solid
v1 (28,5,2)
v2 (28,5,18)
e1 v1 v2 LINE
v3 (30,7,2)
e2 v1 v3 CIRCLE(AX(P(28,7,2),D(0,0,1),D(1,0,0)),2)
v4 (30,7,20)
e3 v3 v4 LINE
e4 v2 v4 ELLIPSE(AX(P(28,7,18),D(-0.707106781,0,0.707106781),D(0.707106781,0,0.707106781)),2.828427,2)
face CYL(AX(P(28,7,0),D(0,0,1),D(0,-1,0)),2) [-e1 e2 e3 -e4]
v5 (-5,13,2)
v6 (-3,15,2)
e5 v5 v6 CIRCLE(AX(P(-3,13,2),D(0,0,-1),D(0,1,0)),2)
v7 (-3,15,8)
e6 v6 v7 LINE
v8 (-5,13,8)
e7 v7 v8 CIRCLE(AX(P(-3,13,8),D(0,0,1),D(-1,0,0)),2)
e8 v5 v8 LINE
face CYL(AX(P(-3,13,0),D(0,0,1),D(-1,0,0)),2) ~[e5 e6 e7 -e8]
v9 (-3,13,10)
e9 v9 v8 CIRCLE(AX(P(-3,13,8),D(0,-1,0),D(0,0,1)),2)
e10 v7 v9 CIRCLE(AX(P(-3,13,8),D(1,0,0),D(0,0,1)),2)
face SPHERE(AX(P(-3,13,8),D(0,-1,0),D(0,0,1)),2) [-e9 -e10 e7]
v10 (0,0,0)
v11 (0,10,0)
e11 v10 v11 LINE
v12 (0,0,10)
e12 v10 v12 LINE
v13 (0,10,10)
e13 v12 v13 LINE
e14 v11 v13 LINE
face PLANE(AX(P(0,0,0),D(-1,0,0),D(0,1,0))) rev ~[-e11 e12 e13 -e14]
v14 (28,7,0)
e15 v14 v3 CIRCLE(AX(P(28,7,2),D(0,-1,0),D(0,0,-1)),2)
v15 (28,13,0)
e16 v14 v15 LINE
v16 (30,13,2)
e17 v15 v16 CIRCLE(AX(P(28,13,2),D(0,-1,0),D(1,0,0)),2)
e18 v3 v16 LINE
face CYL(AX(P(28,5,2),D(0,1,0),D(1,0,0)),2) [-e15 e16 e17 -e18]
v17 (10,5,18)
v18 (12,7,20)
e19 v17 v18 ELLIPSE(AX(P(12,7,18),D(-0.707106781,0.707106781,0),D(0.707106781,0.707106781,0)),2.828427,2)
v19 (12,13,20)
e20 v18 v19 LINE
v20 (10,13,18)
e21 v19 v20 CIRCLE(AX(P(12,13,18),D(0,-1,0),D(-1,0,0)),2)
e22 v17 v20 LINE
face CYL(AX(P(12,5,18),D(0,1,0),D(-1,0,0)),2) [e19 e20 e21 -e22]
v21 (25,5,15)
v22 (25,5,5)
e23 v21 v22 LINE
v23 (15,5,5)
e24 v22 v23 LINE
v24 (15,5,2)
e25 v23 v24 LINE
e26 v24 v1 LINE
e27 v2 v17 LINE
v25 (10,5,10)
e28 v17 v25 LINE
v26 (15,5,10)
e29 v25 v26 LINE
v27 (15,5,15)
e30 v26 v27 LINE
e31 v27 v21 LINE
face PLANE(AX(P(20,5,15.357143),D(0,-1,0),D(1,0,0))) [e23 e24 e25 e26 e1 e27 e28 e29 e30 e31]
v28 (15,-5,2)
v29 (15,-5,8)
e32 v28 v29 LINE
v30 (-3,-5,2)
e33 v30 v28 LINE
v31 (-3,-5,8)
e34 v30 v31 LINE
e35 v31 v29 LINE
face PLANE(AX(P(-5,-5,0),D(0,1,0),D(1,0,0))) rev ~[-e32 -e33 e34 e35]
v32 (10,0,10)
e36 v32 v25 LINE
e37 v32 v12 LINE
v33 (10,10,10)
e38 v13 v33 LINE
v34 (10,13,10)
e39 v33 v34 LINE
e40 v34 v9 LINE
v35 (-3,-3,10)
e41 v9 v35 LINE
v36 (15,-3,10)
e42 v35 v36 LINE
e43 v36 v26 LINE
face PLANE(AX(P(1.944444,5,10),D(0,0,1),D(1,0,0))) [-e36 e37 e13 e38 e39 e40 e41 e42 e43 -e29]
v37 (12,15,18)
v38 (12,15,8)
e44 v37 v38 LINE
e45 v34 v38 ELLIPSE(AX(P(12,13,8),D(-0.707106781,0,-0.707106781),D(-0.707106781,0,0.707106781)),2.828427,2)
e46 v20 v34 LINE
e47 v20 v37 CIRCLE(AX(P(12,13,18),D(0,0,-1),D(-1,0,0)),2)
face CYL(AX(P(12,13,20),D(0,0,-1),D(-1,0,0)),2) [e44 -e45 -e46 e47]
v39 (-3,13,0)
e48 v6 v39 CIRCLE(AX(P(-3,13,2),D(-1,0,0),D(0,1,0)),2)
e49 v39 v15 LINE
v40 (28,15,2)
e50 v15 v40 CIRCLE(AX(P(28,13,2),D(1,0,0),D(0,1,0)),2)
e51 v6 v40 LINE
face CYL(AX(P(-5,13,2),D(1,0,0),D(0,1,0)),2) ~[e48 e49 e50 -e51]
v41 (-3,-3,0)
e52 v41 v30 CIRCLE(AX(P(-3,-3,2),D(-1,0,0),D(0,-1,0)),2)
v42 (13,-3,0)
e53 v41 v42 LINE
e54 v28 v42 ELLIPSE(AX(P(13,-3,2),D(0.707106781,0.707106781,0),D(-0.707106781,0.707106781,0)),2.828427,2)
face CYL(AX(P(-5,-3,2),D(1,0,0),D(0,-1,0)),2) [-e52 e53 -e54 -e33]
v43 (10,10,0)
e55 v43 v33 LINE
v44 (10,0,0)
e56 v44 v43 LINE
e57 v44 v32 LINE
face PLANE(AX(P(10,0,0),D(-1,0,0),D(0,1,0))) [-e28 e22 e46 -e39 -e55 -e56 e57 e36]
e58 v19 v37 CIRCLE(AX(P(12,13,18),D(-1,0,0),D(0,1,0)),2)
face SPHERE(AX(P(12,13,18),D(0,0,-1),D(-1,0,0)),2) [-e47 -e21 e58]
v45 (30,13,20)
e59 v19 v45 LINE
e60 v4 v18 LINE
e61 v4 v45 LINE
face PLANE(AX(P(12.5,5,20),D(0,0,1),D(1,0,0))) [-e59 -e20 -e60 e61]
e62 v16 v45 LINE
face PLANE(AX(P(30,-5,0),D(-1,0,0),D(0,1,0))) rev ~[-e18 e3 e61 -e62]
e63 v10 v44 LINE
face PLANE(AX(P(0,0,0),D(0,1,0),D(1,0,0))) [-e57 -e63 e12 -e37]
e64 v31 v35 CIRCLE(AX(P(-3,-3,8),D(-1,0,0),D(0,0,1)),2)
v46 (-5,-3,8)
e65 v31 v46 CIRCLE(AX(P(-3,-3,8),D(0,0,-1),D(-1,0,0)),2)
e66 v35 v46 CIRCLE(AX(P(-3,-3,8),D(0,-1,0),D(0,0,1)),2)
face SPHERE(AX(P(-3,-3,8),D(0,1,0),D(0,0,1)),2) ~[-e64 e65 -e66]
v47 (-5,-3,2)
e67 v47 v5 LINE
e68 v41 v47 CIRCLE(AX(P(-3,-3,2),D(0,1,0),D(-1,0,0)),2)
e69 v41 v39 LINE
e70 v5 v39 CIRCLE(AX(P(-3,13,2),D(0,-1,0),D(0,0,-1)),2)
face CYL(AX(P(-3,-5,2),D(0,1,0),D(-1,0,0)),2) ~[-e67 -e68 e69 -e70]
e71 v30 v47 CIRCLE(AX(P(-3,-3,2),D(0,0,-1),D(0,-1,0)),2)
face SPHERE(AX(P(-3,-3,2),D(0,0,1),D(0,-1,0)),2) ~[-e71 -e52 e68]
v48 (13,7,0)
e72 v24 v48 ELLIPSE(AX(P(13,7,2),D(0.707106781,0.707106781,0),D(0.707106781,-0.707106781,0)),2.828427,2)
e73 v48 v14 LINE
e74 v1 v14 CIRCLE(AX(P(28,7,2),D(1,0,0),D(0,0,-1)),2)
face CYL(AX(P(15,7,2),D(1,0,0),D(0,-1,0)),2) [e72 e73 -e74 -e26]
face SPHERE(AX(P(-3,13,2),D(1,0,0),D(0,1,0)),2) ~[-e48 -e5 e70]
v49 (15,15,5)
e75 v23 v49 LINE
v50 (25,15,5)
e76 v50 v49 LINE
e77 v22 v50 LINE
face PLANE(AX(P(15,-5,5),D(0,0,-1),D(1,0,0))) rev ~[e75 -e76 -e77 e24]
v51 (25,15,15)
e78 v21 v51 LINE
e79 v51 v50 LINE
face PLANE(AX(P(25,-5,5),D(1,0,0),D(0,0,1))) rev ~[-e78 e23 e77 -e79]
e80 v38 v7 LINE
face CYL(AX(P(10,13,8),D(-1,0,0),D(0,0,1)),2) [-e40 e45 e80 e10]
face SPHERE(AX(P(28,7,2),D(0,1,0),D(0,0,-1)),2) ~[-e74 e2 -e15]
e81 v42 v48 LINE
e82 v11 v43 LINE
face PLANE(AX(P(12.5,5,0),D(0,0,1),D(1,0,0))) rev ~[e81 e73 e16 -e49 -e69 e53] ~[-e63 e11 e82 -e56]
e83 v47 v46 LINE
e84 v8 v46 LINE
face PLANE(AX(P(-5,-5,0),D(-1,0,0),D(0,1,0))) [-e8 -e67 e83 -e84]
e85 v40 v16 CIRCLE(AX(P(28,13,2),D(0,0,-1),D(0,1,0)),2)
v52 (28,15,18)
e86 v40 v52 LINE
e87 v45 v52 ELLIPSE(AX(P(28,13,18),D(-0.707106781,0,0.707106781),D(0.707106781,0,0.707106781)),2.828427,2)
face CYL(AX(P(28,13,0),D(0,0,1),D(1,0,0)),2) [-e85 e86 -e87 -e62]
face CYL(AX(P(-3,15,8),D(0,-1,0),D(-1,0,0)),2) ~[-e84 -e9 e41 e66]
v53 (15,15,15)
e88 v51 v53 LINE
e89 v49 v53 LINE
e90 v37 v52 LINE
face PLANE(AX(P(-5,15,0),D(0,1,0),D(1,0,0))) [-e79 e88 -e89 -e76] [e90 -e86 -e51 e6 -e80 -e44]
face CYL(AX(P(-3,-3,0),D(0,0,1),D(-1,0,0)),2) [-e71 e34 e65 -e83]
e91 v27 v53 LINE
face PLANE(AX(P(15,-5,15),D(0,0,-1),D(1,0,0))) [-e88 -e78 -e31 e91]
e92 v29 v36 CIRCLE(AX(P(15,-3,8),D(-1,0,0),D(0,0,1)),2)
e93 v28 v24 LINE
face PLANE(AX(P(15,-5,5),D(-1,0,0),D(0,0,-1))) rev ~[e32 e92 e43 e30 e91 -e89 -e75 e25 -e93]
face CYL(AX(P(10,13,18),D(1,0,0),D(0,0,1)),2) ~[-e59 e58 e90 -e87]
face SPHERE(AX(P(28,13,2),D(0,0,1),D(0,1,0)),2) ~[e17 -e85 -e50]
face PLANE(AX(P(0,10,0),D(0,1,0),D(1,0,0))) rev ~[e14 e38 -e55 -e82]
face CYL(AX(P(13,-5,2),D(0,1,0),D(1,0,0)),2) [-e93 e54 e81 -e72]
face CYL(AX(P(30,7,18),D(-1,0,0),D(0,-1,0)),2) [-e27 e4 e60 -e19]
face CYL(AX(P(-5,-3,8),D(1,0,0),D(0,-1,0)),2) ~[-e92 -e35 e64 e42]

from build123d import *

# Parameters (mm, degrees)
F0_W     = 35
F0_H     = 20
F0_W_2   = 10
F0_H_2   = 10
F1_DEPTH = 20
F2_W     = 10
F2_H     = 5
F3_DEPTH = 25
F5_DEPTH = 10
F6_DEPTH = 10
F7_R     = 2


with BuildPart() as f1:
    # F0 (on Top) → F1 (new body)
    with BuildSketch(Plane.XY):
        with Locations((12.5, 5)):
            Rectangle(F0_W, F0_H)
        with Locations((5, 5)):
            Rectangle(F0_W_2, F0_H_2, mode=Mode.SUBTRACT)
    extrude(amount=F1_DEPTH)

    # F2 (on face) → F3 (cut)
    with BuildSketch(Plane.XZ.offset(5)):
        with Locations((20, 12.5)):
            Rectangle(F2_W, F2_H)
        with Locations((20, 7.5)):
            Rectangle(F2_W, F2_H)
    extrude(amount=-F3_DEPTH, mode=Mode.SUBTRACT)

    # F4 (on face) → F5 (cut)
    with BuildSketch(Plane.XY.offset(20)):
        Polygon((10, 10), (10, 15), (-5, 15), (-5, -5), (10, -5), (10, 0), (0, 0), (0, 10), align=None)
    extrude(amount=-F5_DEPTH, mode=Mode.SUBTRACT)

    # F2 (on face) → F6 (cut)
    with BuildSketch(Plane.XZ.offset(5)):
        Polygon((15, 10), (15, 15), (25, 15), (25, 10), (30, 10), (30, 20), (10, 20), (10, 10), align=None)
        Polygon((30, 10), (25, 10), (25, 5), (15, 5), (15, 0), (30, 0), align=None)
    extrude(amount=-F6_DEPTH, mode=Mode.SUBTRACT)

    # F7
    f7_edges = [f1.edges().sort_by_distance(p)[0] for p in [
        (-5, 5, 10),
        (5, -5, 10),
        (2.5, 15, 10),
        (10, 15, 15),
        (10, 10, 20),
        (20, 15, 20),
        (30, 15, 10),
        (12.5, 15, 0),
        (-5, 15, 5),
        (-5, -5, 5),
        (30, 10, 0),
        (22.5, 5, 0),
        (15, 0, 0),
        (30, 5, 10),
        (20, 5, 20),
        (5, -5, 0),
        (-5, 5, 0),
    ]]
    fillet(f7_edges, radius=F7_R)


solid = f1.part
